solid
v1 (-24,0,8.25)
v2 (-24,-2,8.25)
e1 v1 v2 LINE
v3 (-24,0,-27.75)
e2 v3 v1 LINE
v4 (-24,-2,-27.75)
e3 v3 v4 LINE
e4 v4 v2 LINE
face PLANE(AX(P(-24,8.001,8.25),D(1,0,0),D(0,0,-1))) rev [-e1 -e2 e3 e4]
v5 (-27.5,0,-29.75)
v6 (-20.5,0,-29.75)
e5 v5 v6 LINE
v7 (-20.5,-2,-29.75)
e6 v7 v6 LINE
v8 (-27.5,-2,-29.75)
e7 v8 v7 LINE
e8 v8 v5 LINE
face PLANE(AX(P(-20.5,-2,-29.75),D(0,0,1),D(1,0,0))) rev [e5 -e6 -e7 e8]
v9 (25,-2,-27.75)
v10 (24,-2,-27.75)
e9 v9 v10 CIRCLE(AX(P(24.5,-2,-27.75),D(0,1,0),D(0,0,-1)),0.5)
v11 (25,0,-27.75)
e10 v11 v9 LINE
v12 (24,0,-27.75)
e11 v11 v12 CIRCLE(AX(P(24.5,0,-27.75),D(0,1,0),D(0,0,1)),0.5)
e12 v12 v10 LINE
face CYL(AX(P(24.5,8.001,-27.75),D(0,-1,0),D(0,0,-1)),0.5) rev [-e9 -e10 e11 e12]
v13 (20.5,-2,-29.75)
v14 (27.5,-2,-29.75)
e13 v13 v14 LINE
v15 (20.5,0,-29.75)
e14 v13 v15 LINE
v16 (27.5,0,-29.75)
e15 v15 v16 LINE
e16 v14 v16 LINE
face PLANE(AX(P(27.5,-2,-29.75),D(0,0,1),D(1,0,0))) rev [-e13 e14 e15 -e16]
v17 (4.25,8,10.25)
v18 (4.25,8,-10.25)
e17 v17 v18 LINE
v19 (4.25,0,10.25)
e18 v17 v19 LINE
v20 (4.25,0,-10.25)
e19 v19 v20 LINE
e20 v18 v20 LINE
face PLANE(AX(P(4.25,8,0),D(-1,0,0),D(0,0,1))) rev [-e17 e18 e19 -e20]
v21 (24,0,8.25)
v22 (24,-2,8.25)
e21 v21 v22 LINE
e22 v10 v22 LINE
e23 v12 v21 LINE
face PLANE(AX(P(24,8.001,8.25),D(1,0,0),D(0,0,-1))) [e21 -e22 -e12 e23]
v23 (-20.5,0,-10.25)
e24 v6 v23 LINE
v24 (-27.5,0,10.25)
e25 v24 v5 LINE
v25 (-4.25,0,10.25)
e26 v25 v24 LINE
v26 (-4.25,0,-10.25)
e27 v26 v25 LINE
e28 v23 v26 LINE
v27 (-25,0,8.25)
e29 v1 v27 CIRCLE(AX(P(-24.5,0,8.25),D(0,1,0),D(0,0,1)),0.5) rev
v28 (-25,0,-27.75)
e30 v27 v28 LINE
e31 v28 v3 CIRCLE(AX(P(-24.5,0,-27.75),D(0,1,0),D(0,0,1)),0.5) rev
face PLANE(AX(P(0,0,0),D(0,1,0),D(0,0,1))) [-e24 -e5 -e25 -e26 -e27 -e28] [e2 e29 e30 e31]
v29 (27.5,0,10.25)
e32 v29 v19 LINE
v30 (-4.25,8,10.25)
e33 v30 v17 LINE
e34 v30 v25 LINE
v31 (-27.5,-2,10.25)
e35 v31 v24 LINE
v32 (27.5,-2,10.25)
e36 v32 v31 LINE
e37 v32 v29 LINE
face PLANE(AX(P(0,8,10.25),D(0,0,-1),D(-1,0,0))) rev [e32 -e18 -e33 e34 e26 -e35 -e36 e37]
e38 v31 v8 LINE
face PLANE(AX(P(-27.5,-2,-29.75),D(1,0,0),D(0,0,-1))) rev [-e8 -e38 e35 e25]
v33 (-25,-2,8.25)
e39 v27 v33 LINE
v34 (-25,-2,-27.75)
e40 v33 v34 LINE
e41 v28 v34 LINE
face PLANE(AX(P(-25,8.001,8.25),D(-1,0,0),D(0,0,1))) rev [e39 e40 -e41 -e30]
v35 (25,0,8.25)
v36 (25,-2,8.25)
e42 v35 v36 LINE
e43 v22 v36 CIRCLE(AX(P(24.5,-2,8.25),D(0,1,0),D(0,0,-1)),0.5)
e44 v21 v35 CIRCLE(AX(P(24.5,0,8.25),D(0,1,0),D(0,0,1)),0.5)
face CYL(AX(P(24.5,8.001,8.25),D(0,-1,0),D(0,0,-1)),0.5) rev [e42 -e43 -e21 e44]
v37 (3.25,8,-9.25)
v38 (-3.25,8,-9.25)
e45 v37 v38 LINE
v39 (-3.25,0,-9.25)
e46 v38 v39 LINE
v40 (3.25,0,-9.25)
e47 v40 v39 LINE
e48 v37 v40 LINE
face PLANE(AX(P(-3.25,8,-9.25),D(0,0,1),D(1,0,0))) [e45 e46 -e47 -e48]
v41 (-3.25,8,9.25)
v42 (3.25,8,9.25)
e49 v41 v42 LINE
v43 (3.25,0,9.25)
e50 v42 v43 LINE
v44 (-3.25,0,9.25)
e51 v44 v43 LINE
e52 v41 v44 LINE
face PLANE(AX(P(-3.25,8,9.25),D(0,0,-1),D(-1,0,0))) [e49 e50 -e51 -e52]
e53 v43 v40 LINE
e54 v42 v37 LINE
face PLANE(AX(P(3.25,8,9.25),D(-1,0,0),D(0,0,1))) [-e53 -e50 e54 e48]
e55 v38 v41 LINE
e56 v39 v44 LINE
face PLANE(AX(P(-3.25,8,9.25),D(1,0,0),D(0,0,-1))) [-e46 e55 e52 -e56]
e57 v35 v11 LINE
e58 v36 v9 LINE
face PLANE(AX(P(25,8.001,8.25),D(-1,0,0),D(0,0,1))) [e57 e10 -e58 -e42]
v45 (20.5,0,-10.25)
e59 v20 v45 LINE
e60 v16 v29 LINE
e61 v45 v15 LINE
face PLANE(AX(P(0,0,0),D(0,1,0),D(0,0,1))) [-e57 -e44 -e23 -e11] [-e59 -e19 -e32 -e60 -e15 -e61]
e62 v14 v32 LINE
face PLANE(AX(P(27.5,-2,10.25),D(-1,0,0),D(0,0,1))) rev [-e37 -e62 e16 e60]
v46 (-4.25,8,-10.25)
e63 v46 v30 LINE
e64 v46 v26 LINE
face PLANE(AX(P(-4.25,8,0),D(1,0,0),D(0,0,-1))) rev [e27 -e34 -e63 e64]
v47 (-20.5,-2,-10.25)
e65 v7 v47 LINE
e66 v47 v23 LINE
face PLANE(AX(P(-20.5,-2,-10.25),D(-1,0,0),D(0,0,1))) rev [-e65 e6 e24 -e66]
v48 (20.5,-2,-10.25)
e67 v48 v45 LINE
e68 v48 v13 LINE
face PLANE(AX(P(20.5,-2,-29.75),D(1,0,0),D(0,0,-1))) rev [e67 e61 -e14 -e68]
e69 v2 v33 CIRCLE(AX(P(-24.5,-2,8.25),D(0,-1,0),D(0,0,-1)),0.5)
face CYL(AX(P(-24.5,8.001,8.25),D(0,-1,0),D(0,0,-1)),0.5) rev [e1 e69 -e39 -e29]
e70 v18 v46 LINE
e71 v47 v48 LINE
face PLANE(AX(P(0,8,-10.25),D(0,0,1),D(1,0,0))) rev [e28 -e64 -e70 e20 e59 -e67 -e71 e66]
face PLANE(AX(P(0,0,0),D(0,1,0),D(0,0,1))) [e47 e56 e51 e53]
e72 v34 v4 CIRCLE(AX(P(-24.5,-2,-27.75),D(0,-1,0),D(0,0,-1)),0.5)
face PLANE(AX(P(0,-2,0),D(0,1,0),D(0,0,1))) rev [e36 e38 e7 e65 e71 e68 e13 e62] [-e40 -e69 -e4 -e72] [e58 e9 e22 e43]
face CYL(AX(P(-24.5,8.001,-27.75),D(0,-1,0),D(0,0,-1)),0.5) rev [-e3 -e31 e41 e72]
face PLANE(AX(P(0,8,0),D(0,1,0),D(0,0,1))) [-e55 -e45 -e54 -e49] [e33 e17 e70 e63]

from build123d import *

# Parameters (mm, degrees)
SKETCH1_W           = 8.5
SKETCH1_H           = 20.5
SKETCH1_W_2         = 6.5
SKETCH1_H_2         = 18.5
EXTRUDE_THIN1_DEPTH = 8
BOSS_EXTRUDE1_DEPTH = 2
CUT_EXTRUDE1_REACH  = 43.729


with BuildPart() as part:
    # Sketch1 → Extrude-Thin1 (new body)
    with BuildSketch(Plane(origin=(0, 0, 0), x_dir=(1, 0, 0), z_dir=(0, 1, 0))):
        Rectangle(SKETCH1_W, SKETCH1_H)
        Rectangle(SKETCH1_W_2, SKETCH1_H_2, mode=Mode.SUBTRACT)
    extrude(amount=EXTRUDE_THIN1_DEPTH)

    # Sketch2 → Boss-Extrude1 (add)
    with BuildSketch(Plane.XZ):
        Polygon((20.5, -29.75), (20.5, -10.25), (-20.5, -10.25), (-20.5, -29.75), (-27.5, -29.75), (-27.5, 10.25), (27.5, 10.25), (27.5, -29.75), align=None)
    extrude(amount=BOSS_EXTRUDE1_DEPTH)

    # Sketch3 → Cut-Extrude1 (cut, up to next)
    with BuildSketch(Plane.XZ.offset(2), mode=Mode.PRIVATE) as cut_extrude1_sk1:
        with BuildLine():
            Line((-24, 8.25), (-24, -27.75))
            ThreePointArc((-24, -27.75), (-24.5, -28.25), (-25, -27.75))
            Line((-25, -27.75), (-25, 8.25))
            ThreePointArc((-25, 8.25), (-24.5, 8.75), (-24, 8.25))
        make_face()
    cut_extrude1_tool1 = extrude(cut_extrude1_sk1.sketch, amount=-CUT_EXTRUDE1_REACH, mode=Mode.PRIVATE) & part.part
    cut_extrude1 = cut_extrude1_tool1.solids().sort_by_distance((-24.5, -2, -9.75))[0]
    add(cut_extrude1, mode=Mode.SUBTRACT)

    # Mirror1: Cut-Extrude1 across plane
    add(cut_extrude1.mirror(Plane(origin=(0, 0, 0), x_dir=(0, 0, 1), z_dir=(1, 0, 0))), mode=Mode.SUBTRACT)


solid = part.part
